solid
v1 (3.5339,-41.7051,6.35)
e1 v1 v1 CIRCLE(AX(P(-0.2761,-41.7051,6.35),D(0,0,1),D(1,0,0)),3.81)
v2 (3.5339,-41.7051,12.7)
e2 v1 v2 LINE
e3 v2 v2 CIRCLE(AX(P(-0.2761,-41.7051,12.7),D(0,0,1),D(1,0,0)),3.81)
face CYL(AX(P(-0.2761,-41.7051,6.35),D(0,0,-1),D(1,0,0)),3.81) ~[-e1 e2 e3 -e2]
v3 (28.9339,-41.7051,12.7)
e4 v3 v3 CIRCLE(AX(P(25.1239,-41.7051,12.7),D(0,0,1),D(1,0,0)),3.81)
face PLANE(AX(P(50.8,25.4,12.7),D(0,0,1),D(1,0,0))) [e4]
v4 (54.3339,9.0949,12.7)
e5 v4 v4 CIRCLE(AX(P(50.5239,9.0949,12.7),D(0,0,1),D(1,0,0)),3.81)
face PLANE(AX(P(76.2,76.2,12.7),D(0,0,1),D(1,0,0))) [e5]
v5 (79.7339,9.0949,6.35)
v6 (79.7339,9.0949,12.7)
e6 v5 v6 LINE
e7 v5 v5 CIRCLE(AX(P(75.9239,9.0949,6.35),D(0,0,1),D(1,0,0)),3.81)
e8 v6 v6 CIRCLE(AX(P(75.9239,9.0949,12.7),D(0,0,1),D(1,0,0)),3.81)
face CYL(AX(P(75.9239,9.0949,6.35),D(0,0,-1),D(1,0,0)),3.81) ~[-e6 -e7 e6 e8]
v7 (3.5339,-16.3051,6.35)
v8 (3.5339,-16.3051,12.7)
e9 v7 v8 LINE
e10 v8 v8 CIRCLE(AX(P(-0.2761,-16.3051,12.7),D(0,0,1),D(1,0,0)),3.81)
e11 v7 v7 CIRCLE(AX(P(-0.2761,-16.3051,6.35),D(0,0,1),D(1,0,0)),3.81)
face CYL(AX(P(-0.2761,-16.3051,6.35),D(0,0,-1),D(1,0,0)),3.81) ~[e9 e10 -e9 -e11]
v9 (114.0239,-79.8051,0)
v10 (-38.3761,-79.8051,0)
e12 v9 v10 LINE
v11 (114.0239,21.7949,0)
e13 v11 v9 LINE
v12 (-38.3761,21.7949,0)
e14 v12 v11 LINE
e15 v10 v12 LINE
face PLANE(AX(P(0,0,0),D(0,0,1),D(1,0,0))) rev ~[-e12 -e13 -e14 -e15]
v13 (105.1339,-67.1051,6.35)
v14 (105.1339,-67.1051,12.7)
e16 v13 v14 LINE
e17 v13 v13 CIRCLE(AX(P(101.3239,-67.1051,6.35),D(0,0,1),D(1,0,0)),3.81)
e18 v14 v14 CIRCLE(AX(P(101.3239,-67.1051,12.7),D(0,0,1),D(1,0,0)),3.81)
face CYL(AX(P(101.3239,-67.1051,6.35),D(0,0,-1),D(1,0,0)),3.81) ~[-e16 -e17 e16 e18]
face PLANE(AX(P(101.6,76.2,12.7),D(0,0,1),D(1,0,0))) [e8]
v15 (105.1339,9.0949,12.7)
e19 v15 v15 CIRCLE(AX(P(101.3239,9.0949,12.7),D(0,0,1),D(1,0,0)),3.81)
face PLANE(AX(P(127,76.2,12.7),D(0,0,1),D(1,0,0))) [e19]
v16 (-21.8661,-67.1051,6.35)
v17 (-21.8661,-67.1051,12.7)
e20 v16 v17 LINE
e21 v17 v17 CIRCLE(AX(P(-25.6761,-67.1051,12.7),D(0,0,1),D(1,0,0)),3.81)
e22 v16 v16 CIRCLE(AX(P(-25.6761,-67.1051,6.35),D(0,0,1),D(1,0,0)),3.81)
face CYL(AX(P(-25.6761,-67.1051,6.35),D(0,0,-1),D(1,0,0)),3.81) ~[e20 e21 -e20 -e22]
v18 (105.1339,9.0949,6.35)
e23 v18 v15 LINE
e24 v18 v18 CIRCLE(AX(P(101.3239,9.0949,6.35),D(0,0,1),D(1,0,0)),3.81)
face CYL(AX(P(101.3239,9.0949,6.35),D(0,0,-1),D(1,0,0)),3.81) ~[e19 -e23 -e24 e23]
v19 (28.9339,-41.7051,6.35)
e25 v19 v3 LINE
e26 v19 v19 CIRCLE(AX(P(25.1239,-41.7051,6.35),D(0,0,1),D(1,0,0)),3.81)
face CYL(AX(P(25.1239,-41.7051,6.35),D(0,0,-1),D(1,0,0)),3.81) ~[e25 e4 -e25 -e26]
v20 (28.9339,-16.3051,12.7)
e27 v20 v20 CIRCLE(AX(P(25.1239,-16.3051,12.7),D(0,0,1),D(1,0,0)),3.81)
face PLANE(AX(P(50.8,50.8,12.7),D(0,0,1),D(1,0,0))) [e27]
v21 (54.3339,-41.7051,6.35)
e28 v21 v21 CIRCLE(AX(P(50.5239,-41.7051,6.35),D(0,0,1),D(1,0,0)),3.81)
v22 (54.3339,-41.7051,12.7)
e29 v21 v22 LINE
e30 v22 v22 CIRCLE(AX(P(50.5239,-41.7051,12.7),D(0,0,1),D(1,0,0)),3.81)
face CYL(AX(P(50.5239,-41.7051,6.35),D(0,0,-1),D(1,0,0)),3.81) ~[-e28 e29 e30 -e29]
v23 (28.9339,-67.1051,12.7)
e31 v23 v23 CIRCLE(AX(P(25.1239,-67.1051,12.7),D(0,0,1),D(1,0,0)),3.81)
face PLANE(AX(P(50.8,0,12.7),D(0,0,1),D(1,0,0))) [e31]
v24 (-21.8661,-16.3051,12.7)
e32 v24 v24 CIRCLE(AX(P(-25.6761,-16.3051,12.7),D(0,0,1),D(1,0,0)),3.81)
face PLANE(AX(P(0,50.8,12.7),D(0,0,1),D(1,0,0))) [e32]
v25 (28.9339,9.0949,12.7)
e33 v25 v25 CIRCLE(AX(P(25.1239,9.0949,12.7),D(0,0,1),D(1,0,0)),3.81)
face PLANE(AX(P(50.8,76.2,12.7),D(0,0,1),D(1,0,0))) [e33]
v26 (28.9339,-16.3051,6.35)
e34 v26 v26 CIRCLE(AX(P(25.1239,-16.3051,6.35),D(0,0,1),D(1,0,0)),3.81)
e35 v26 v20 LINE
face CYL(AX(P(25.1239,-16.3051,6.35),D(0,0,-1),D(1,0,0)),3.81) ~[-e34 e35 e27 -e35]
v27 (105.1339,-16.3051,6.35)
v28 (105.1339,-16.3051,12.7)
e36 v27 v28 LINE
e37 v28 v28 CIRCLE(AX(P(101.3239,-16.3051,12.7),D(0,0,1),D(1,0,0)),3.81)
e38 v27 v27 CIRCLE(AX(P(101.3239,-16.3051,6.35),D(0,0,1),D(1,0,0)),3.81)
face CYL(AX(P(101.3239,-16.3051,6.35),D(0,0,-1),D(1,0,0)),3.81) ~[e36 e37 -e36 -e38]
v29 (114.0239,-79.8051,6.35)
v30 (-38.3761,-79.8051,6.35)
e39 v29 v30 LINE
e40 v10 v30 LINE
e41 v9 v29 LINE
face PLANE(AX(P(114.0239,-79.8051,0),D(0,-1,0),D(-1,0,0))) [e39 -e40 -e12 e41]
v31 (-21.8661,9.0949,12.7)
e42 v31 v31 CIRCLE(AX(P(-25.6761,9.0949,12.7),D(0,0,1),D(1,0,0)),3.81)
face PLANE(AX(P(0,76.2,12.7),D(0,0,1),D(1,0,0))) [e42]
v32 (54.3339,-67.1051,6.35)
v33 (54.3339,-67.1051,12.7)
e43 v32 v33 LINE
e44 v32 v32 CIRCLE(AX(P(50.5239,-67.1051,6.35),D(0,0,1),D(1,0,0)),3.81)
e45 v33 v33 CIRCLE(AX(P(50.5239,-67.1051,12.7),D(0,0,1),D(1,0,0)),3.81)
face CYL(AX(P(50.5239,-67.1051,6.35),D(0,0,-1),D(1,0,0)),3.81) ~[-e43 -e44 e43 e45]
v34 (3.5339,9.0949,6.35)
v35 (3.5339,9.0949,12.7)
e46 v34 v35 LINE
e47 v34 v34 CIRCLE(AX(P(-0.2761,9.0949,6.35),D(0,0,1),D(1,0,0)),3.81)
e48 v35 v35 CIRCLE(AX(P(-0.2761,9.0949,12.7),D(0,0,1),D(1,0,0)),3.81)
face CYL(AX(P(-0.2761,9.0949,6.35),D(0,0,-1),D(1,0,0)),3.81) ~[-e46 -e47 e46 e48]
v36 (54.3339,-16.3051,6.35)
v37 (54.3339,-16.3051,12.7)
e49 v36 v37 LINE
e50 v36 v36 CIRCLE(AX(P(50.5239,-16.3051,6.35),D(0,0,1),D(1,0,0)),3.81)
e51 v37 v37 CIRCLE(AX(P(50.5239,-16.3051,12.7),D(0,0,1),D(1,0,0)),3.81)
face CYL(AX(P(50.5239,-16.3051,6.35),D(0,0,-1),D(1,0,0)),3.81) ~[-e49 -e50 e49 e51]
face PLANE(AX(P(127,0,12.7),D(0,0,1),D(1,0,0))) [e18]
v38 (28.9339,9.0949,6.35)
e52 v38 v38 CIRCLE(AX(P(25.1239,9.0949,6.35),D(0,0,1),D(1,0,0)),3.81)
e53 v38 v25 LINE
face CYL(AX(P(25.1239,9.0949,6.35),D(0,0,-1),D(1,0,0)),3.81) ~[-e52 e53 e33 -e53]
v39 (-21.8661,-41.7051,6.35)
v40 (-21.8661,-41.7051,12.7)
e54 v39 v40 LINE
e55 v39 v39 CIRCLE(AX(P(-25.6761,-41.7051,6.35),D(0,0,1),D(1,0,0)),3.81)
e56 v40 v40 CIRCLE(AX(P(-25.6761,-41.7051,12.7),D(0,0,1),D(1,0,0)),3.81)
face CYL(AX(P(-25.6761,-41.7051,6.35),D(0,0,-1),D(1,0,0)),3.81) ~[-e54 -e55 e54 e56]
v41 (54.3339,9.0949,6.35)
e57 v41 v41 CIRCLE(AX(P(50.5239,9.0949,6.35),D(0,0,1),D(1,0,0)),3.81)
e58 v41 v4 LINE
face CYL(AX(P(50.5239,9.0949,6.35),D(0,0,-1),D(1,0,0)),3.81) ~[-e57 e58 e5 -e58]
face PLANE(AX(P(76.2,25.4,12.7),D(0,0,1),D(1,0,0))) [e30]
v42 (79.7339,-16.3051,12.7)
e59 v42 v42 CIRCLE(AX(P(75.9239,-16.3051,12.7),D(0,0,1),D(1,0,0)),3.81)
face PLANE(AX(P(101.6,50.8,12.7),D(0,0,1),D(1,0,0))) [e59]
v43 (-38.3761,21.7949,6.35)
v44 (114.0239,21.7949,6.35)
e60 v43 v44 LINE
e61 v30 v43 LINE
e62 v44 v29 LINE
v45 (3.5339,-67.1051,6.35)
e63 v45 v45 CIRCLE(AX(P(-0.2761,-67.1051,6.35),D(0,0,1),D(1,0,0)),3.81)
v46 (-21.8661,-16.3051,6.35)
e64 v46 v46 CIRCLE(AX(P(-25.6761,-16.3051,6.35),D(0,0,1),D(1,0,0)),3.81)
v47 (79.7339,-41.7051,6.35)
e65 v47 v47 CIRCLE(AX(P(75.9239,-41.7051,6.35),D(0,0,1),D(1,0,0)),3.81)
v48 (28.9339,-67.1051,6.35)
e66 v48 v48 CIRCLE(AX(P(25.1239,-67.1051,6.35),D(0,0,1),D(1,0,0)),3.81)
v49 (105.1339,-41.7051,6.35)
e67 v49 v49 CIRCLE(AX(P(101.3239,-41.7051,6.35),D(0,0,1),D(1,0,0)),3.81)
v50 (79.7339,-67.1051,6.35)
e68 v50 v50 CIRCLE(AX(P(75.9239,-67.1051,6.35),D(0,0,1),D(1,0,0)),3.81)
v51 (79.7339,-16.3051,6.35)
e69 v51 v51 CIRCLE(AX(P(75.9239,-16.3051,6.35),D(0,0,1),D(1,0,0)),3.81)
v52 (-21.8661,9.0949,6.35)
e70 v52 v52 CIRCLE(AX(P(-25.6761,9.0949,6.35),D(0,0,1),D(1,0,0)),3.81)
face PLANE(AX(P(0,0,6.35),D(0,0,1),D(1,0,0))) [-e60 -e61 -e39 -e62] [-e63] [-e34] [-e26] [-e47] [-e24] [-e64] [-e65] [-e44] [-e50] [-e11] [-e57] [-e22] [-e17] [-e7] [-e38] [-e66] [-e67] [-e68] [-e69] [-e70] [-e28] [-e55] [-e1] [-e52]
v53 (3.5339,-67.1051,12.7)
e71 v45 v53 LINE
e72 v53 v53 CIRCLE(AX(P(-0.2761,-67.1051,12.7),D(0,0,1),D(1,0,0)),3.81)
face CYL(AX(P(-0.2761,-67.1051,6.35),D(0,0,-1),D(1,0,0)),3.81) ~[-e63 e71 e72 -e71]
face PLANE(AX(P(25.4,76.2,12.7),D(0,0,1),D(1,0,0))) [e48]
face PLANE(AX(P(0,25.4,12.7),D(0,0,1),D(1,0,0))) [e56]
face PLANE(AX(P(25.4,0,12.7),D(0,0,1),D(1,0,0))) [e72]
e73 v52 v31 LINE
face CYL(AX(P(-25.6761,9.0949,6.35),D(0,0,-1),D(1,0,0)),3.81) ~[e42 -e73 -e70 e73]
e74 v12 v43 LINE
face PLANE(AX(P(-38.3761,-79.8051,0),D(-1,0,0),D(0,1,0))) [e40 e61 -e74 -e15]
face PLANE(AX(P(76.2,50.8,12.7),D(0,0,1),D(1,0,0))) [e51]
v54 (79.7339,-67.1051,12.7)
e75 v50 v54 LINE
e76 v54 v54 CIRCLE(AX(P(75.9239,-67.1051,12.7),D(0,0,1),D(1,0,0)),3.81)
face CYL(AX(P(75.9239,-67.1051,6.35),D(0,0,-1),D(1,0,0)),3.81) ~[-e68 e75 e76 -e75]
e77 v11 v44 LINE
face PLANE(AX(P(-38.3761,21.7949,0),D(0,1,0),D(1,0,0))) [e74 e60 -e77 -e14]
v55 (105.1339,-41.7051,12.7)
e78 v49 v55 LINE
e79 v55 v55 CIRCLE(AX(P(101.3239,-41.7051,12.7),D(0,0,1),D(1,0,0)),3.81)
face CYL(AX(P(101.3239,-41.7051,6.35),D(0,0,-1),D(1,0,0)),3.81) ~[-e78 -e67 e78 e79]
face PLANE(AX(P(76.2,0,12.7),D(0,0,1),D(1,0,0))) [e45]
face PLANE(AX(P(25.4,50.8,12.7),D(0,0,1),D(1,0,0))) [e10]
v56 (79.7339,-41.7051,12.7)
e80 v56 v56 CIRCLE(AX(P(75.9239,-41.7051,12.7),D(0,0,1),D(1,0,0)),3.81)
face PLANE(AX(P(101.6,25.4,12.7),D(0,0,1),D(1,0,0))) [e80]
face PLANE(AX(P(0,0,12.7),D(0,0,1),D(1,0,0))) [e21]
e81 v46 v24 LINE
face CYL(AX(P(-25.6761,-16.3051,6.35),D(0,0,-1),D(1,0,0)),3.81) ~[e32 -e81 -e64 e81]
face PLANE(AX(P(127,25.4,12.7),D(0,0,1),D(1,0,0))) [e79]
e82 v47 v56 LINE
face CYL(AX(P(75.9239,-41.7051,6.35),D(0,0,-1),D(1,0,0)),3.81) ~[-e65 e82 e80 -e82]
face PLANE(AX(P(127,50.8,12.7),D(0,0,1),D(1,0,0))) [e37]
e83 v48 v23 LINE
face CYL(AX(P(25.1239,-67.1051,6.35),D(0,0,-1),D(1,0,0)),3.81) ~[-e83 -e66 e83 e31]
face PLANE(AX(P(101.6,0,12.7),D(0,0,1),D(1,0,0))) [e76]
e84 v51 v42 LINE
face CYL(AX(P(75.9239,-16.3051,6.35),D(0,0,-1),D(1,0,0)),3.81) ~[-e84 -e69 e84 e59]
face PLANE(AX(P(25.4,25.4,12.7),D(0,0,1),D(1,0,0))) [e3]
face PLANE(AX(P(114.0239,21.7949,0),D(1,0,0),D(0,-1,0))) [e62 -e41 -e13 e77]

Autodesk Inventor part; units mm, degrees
ref_plane "YZ Plane" through (0, 0, 0) normal (1, 0, 0) x (0, 1, 0)
ref_plane "XZ Plane" through (0, 0, 0) normal (0, 1, 0) x (-1, 0, 0)
ref_plane "XY Plane" through (0, 0, 0) normal (0, 0, 1) x (1, 0, 0)
sketch "Sketch1" plane through (0, 0, 0) normal (0, 0, 1) x (1, 0, 0)
  line L0 (-38.3761, 21.7949) -> (114.0239, 21.7949)
  line L1 (114.0239, 21.7949) -> (114.0239, -79.8051)
  line L2 (114.0239, -79.8051) -> (-38.3761, -79.8051)
  line L3 (-38.3761, -79.8051) -> (-38.3761, 21.7949)
  dimension "d0" = 152.4
  dimension "d1" = 101.6
extrude "Extrusion1" add sketch "Sketch1" along normal blind 6.35
sketch "Sketch2" plane through (0, 0, 6.35) normal (0, 0, 1) x (1, 0, 0)
  line L0 (-38.3761, -79.8051) -> (-38.3761, 21.7949) projected
  line L1 (114.0239, -79.8051) -> (-38.3761, -79.8051) projected
  circle A0 centre (-25.6761, -67.1051) radius 3.81
  dimension "d4" = 7.62
  dimension "d5" = 12.7
  dimension "d6" = 12.7
extrude "Extrusion2" add sketch "Sketch2" along normal blind 6.35
pattern_linear "Rectangular Pattern1" count 6 spacing 25.4 along (1, 0, 0) count 4 spacing 25.4 along (0, 1, 0) of "Extrusion2"
properties part number "Rectangular"
